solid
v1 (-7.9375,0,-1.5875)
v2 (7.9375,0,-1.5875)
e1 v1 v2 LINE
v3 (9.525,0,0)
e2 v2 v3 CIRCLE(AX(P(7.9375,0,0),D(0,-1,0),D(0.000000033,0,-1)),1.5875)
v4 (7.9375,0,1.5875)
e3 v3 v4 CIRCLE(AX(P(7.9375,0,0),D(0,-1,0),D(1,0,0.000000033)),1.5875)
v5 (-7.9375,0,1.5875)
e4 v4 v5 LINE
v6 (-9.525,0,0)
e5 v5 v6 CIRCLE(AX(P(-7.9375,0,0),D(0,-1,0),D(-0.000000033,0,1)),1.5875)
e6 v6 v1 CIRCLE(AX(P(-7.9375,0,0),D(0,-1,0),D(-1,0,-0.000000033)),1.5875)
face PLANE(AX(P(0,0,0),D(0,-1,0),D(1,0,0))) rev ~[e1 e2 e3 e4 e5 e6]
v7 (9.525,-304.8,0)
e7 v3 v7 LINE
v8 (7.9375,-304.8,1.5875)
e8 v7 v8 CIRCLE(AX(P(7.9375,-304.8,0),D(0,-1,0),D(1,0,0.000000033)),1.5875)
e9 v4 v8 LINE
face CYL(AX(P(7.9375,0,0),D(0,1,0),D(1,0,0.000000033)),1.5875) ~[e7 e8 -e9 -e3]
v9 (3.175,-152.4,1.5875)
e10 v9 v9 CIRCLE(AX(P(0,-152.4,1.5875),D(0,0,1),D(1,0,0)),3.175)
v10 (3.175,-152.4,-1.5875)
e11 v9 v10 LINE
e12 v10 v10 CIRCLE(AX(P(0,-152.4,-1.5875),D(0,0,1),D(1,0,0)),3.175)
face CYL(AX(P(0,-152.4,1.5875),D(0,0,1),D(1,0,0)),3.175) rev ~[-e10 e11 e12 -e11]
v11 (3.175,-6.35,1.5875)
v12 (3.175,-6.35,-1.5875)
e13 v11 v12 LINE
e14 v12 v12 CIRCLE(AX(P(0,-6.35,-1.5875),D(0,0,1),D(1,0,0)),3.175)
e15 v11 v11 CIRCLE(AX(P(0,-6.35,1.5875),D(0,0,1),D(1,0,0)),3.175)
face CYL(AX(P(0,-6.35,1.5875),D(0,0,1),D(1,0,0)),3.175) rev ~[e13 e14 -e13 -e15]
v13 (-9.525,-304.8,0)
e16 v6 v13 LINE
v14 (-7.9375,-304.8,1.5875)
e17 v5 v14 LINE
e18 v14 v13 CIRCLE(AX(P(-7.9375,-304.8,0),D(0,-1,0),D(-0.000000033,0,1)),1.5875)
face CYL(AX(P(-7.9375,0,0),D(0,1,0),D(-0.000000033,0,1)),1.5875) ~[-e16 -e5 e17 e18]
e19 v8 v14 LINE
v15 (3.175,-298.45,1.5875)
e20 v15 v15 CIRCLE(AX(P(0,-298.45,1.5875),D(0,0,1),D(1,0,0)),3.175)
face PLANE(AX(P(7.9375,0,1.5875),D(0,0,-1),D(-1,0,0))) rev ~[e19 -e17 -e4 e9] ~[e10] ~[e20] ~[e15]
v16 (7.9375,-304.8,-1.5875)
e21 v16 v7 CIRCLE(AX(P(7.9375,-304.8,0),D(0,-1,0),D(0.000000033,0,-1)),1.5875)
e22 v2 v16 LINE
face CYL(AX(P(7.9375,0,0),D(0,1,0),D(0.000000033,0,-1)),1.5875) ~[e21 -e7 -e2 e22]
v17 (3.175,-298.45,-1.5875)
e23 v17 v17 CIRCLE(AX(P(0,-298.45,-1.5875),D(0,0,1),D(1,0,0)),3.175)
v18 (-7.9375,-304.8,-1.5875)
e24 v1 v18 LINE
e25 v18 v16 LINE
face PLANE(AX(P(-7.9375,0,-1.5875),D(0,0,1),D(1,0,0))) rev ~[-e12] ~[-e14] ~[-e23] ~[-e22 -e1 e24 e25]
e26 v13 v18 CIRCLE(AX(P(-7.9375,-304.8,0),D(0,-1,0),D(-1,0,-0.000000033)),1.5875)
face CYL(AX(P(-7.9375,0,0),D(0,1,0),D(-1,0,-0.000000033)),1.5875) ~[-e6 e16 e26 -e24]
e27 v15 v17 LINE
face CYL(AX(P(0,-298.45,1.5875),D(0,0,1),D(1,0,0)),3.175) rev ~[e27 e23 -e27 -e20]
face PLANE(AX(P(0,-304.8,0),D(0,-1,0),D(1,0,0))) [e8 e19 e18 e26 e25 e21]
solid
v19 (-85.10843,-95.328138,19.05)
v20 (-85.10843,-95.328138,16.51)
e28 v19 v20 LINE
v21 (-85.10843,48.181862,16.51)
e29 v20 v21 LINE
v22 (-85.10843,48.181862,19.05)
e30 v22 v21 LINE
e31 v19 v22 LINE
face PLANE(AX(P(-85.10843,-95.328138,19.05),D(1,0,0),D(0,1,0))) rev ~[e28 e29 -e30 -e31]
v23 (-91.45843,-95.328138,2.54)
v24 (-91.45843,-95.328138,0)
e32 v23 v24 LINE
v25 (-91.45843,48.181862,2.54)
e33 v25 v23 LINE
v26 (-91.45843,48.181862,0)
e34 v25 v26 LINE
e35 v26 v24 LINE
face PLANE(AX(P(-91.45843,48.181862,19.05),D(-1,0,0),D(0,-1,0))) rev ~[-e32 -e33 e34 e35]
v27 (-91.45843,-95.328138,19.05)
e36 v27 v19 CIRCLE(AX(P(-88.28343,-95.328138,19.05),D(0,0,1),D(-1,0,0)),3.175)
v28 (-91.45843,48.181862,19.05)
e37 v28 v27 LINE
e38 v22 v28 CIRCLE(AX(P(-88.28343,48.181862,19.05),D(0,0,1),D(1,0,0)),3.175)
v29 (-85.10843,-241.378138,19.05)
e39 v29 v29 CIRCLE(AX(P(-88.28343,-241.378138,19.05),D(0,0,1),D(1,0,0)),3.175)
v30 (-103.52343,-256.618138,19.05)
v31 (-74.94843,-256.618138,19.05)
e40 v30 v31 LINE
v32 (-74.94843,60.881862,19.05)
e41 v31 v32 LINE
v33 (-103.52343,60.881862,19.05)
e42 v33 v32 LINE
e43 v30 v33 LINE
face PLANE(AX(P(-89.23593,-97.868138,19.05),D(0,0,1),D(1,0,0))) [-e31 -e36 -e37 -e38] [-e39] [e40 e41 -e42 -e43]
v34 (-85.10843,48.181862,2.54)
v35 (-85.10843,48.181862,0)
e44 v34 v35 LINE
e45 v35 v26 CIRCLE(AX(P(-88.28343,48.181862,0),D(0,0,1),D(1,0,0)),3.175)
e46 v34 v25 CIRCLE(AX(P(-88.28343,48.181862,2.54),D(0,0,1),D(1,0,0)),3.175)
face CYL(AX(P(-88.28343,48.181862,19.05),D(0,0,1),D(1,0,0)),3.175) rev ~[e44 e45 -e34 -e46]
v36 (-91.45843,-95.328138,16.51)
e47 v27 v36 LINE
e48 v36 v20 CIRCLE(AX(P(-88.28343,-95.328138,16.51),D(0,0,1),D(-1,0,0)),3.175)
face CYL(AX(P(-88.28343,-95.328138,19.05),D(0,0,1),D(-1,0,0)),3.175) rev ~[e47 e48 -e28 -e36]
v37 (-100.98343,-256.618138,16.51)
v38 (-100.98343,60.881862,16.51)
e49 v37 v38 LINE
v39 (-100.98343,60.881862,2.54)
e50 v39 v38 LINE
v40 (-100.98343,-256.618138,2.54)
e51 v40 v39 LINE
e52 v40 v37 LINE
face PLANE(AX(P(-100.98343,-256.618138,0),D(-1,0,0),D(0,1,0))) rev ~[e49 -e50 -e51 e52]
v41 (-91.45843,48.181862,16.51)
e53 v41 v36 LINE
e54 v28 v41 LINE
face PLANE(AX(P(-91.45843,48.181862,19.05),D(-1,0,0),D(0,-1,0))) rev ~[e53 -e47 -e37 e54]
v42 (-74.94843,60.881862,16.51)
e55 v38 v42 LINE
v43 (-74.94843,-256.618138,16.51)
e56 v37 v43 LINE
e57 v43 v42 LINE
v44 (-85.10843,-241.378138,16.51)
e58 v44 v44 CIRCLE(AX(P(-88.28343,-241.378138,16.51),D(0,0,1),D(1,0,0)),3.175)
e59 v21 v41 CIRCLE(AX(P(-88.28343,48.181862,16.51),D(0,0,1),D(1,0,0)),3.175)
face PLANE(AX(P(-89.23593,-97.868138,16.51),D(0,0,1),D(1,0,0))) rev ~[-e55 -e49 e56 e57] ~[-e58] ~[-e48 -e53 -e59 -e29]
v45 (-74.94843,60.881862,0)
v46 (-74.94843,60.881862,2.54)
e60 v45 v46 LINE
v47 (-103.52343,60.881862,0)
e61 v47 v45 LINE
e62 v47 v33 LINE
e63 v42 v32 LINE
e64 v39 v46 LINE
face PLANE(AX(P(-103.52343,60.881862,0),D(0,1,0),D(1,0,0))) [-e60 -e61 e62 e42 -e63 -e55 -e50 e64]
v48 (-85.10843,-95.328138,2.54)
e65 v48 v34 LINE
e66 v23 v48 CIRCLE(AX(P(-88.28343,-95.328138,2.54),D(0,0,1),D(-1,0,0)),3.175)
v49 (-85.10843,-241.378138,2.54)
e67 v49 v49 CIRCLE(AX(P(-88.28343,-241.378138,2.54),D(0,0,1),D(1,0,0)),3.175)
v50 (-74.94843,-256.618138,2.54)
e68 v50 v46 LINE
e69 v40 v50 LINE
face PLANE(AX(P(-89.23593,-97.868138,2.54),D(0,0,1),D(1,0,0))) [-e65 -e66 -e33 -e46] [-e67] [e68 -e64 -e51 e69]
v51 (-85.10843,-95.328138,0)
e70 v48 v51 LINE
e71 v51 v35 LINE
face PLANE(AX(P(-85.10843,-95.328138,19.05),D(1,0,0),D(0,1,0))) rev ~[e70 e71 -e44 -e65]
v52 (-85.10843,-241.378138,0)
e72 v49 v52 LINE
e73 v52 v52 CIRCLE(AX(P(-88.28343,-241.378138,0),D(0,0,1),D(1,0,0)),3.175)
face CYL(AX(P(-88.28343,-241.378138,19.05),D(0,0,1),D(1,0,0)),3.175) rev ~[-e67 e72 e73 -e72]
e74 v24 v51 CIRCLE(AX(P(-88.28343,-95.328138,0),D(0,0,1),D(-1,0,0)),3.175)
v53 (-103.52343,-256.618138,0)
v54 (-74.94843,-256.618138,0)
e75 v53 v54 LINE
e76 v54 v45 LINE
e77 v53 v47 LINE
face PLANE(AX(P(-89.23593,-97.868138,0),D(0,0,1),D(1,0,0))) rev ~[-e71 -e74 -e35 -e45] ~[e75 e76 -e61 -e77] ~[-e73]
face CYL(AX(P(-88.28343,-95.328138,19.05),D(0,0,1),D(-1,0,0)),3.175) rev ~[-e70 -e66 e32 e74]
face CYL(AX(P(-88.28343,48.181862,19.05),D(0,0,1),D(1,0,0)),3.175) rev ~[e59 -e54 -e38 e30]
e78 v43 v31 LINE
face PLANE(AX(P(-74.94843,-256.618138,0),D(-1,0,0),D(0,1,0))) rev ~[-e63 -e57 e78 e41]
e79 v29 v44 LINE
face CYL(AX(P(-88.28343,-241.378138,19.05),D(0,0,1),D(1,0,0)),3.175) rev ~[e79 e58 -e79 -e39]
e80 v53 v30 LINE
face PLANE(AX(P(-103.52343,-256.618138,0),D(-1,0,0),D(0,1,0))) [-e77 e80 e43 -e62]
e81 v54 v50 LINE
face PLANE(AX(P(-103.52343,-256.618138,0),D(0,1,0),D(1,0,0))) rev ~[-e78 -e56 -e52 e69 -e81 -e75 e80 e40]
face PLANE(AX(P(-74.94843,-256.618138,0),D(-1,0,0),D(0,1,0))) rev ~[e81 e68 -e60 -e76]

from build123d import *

# Parameters (mm, degrees)
F1_DEPTH = 304.8
F2_R     = 3.175
F3_DEPTH = 25.4
F4_W     = 28.575
F4_H     = 317.5
F5_DEPTH = 19.05
F6_T     = -2.54
F7_R     = 3.175
F8_DEPTH = 25.4


with BuildPart() as f1:
    # F0 (on Front) → F1 (new body)
    with BuildSketch(Plane.XZ):
        with BuildLine():
            Line((7.9375, 1.5875), (-7.9375, 1.5875))
            ThreePointArc((-7.9375, 1.5875), (-9.060032, 1.122532), (-9.525, 0))
            ThreePointArc((-9.525, 0), (-9.060032, -1.122532), (-7.9375, -1.5875))
            Line((-7.9375, -1.5875), (7.9375, -1.5875))
            ThreePointArc((7.9375, -1.5875), (9.060032, -1.122532), (9.525, 0))
            ThreePointArc((9.525, 0), (9.060032, 1.122532), (7.9375, 1.5875))
        make_face()
    extrude(amount=F1_DEPTH)

    # F2 (on face) → F3 (cut)
    with BuildSketch(Plane.XY.offset(1.5875)):
        with Locations((0, -298.45)):
            Circle(F2_R)
        with Locations((0, -152.4)):
            Circle(F2_R)
        with Locations((0, -6.35)):
            Circle(F2_R)
    extrude(amount=-F3_DEPTH, mode=Mode.SUBTRACT)


with BuildPart() as f5:
    # F4 (on Top) → F5 (new body)
    with BuildSketch(Plane.XY):
        with Locations((-89.23593, -97.868138)):
            Rectangle(F4_W, F4_H)
    extrude(amount=F5_DEPTH)

    # F6
    f6_openings = [f5.faces().sort_by_distance(p)[0] for p in [
        (-74.94843, -97.868138, 9.525),
        (-89.23593, -256.618138, 9.525),
        (-89.23593, 60.881862, 9.525),
    ]]
    offset(amount=F6_T, openings=f6_openings)

    # F7 (on face) → F8 (cut)
    with BuildSketch(Plane.XY.offset(19.05)):
        with Locations((-88.28343, -241.378138)):
            Circle(F7_R)
        with BuildLine():
            Line((-91.45843, 48.181862), (-91.45843, -95.328138))
            ThreePointArc((-91.45843, -95.328138), (-88.28343, -98.503138), (-85.10843, -95.328138))
            Line((-85.10843, -95.328138), (-85.10843, 48.181862))
            ThreePointArc((-85.10843, 48.181862), (-88.28343, 51.356862), (-91.45843, 48.181862))
        make_face()
    extrude(amount=-F8_DEPTH, mode=Mode.SUBTRACT)


solid = Compound([f1.part, f5.part])
